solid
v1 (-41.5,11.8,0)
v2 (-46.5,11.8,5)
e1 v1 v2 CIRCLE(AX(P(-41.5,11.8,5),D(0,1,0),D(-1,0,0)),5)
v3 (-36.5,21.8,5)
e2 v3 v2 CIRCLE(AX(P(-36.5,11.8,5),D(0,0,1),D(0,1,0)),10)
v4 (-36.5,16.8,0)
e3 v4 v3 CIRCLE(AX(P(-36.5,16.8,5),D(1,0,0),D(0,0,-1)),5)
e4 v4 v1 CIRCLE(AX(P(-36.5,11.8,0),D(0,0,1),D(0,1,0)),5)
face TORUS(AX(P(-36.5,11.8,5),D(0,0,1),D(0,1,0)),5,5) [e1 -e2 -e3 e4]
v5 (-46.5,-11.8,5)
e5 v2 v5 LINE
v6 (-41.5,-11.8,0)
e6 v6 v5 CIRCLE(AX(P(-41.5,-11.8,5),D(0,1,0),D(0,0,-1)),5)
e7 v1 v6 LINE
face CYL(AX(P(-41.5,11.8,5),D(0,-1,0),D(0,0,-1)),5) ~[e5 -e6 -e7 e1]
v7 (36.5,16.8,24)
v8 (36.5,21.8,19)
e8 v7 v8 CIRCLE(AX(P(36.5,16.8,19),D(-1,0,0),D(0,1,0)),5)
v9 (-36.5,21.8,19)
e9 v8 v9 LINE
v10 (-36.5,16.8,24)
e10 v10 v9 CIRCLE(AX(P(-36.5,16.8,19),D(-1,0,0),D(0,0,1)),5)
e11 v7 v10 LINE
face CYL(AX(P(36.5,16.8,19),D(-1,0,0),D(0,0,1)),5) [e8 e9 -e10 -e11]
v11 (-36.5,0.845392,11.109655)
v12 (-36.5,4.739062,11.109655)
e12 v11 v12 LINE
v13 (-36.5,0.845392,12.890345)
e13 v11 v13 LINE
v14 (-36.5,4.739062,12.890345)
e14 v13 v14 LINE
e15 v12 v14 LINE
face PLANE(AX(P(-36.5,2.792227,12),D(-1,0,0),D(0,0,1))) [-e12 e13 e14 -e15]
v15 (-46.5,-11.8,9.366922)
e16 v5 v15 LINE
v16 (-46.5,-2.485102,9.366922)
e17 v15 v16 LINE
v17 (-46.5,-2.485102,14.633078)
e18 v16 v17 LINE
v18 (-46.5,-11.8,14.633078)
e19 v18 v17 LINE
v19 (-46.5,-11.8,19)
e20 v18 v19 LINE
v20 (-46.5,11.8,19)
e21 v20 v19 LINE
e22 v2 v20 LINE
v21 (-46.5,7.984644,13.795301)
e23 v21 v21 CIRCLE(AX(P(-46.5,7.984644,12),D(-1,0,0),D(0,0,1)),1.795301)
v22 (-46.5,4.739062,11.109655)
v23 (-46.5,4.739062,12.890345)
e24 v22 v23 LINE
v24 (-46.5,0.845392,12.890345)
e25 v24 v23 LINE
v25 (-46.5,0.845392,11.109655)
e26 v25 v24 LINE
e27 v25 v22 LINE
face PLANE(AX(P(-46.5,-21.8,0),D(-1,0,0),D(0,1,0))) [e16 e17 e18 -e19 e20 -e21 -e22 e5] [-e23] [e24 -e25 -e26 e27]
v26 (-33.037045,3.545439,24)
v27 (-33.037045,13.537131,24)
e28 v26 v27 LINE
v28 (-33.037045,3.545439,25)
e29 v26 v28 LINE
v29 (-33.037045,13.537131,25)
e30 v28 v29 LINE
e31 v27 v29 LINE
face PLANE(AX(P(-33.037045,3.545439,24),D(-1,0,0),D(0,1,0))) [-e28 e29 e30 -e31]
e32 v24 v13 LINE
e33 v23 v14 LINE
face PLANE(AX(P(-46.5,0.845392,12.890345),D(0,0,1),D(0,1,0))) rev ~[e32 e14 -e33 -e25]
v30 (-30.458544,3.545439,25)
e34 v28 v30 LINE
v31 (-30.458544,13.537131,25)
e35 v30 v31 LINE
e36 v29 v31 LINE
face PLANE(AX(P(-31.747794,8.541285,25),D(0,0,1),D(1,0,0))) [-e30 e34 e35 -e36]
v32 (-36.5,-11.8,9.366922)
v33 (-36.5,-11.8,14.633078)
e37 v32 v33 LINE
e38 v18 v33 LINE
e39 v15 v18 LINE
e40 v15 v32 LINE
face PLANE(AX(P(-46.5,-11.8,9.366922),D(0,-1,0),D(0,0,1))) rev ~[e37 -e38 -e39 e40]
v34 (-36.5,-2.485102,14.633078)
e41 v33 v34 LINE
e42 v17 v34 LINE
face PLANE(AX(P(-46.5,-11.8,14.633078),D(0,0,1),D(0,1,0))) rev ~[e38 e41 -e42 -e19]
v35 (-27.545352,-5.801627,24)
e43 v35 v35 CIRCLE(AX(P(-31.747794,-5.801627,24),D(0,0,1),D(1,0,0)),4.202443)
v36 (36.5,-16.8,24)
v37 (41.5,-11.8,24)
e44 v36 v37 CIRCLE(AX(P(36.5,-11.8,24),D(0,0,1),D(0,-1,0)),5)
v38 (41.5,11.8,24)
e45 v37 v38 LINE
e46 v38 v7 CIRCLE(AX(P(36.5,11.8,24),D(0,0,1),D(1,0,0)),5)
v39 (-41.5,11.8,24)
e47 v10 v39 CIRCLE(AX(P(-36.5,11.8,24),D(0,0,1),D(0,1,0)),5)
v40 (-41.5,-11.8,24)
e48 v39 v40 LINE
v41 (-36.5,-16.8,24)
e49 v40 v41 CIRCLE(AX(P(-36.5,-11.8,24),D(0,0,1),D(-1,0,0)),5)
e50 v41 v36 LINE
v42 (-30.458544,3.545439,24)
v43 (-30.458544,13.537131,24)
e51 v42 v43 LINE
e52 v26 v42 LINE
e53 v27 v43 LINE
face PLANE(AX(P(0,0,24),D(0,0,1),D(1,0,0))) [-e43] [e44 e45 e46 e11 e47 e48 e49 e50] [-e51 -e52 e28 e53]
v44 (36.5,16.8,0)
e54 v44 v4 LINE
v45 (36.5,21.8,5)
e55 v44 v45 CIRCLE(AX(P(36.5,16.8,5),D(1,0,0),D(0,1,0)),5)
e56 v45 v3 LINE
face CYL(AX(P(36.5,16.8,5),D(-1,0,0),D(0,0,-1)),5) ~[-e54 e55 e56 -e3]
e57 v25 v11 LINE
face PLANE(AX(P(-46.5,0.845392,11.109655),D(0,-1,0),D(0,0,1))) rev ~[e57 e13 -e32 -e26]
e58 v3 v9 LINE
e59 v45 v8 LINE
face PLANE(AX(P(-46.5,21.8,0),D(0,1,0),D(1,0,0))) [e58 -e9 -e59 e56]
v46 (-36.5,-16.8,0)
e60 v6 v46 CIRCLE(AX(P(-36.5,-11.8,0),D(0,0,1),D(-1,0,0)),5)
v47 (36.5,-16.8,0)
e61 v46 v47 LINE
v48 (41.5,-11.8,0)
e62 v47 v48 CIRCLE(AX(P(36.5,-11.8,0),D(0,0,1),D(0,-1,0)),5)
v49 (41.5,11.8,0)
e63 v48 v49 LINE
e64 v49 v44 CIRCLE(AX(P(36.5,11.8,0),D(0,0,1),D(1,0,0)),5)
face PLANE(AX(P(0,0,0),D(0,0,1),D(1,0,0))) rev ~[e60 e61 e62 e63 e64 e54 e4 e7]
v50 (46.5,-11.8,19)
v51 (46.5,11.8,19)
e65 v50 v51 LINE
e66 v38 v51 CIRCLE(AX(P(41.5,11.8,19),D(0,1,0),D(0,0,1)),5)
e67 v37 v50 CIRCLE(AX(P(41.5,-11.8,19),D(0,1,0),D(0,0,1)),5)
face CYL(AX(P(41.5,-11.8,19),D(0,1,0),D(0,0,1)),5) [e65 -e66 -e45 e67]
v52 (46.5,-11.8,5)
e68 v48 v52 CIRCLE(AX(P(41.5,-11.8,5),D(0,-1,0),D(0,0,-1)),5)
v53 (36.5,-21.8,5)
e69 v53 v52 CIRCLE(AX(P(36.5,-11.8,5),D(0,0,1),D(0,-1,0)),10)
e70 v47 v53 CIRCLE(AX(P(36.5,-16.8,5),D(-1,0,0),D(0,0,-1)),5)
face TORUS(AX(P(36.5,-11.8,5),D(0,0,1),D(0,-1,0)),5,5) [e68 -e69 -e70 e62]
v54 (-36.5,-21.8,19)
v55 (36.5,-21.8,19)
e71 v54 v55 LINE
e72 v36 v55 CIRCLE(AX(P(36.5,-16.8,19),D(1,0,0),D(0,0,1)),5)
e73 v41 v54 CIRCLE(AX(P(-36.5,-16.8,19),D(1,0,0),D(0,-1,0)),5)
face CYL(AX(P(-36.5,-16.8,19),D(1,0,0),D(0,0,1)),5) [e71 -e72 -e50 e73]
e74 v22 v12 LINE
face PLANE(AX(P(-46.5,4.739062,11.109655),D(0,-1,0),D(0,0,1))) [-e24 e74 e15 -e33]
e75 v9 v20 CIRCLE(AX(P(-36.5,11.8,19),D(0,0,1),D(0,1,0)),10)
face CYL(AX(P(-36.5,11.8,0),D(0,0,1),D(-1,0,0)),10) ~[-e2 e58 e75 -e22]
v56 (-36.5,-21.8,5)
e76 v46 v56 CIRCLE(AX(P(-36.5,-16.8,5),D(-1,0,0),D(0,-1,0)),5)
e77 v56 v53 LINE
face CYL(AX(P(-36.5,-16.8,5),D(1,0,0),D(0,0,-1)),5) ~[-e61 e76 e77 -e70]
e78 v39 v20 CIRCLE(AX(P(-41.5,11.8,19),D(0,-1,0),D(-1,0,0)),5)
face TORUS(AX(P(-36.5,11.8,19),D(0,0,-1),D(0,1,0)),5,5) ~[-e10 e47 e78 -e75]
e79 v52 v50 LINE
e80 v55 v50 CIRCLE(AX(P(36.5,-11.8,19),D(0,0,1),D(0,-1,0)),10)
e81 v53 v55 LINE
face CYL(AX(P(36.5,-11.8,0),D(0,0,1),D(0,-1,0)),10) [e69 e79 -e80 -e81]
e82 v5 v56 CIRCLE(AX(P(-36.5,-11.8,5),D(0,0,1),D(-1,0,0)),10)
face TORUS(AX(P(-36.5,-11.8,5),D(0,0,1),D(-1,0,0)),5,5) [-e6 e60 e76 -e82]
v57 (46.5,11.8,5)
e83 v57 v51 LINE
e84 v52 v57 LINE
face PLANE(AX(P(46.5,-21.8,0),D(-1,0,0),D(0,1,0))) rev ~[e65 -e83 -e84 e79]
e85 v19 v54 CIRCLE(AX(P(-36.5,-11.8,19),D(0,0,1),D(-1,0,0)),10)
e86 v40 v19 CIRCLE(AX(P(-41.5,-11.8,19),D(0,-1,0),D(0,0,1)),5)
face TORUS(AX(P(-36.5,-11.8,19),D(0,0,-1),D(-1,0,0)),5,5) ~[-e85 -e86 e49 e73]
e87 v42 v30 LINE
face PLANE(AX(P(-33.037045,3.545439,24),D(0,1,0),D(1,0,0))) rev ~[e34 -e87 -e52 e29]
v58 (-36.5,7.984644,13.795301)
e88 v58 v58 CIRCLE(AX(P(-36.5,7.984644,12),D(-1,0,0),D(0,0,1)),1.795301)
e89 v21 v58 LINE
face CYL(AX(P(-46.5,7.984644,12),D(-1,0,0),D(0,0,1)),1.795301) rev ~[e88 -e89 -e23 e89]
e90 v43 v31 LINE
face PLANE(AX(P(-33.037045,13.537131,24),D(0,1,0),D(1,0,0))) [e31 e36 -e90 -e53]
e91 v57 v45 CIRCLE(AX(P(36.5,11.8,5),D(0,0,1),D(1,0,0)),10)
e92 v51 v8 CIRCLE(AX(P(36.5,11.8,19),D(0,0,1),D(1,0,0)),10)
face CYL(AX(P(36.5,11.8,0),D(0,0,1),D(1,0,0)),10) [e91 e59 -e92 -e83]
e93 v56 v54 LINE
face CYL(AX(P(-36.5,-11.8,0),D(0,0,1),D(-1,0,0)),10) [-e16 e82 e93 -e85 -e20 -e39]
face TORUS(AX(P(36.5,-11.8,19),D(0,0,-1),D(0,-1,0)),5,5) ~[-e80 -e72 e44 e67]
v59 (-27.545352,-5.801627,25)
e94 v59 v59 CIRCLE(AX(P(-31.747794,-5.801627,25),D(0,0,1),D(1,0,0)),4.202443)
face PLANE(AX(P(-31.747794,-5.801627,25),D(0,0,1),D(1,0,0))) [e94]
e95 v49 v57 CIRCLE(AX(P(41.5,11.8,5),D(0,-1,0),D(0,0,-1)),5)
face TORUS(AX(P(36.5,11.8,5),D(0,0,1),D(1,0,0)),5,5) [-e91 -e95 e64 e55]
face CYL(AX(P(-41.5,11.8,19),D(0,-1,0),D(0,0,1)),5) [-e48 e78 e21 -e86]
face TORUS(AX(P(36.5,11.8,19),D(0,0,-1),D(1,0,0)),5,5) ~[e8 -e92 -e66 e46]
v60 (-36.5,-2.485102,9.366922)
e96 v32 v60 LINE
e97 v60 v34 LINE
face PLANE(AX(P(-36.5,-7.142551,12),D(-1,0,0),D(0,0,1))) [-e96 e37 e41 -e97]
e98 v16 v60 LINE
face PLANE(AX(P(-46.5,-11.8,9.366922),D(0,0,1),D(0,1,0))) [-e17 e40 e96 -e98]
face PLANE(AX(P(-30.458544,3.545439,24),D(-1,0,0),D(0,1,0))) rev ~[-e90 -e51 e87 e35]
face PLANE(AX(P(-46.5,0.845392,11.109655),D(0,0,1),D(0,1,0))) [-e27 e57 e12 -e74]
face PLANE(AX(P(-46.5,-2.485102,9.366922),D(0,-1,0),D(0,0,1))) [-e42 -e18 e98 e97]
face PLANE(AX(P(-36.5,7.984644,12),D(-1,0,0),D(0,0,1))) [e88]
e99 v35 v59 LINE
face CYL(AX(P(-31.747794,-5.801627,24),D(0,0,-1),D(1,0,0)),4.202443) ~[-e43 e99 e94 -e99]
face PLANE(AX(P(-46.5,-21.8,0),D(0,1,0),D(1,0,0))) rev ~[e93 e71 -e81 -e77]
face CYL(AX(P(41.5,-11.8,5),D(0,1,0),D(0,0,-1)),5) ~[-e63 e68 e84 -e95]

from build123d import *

# Parameters (mm, degrees)
CROQUIS1_W              = 93
CROQUIS1_H              = 43.6
SALIENTE_EXTRUIR1_DEPTH = 24
REDONDEO1_R             = 10
REDONDEO2_R             = 5
CROQUIS2_R              = 1.795301333
CROQUIS2_W              = 5.26615661
CROQUIS2_H              = 9.314898328
CROQUIS2_W_2            = 1.780690374
CROQUIS2_H_2            = 3.893669573
CORTAR_EXTRUIR1_DEPTH   = 10
CROQUIS4_R              = 4.202442578
CROQUIS4_W              = 2.57850106
CROQUIS4_H              = 9.991691608
SALIENTE_EXTRUIR2_DEPTH = 1


with BuildPart() as part:
    # Croquis1 → Saliente-Extruir1 (new body)
    with BuildSketch(Plane.XY):
        Rectangle(CROQUIS1_W, CROQUIS1_H)
    extrude(amount=SALIENTE_EXTRUIR1_DEPTH)

    # Redondeo1
    redondeo1_edges = [part.edges().sort_by_distance(p)[0] for p in [
        (46.5, -21.8, 12),
        (-46.5, -21.8, 12),
        (-46.5, 21.8, 12),
        (46.5, 21.8, 12),
    ]]
    fillet(redondeo1_edges, radius=REDONDEO1_R)

    # Redondeo2
    redondeo2_edges = [part.edges().sort_by_distance(p)[0] for p in [
        (46.5, 0, 0),
        (46.5, 0, 24),
        (0, -21.8, 0),
        (-46.5, 0, 0),
        (0, 21.8, 0),
        (-43.571067812, 18.871067812, 0),
        (-43.571067812, -18.871067812, 0),
        (43.571067812, 18.871067812, 0),
        (43.571067812, -18.871067812, 0),
        (0, -21.8, 24),
        (0, 21.8, 24),
        (-46.5, 0, 24),
        (-43.571067812, 18.871067812, 24),
        (-43.571067812, -18.871067812, 24),
        (43.571067812, 18.871067812, 24),
        (43.571067812, -18.871067812, 24),
    ]]
    fillet(redondeo2_edges, radius=REDONDEO2_R)

    # Croquis2 → Cortar-Extruir1 (cut)
    with BuildSketch(Plane.ZY.offset(46.5)):
        with Locations((12, 7.984643734)):
            Circle(CROQUIS2_R)
        with Locations((12, -7.142550836)):
            Rectangle(CROQUIS2_W, CROQUIS2_H)
        with Locations((12, 2.792227185)):
            Rectangle(CROQUIS2_W_2, CROQUIS2_H_2)
    extrude(amount=-CORTAR_EXTRUIR1_DEPTH, mode=Mode.SUBTRACT)

    # Croquis4 → Saliente-Extruir2 (add)
    with BuildSketch(Plane.XY.offset(24)):
        with Locations((-31.747794301, -5.801627385)):
            Circle(CROQUIS4_R)
        with Locations((-31.747794301, 8.541284761)):
            Rectangle(CROQUIS4_W, CROQUIS4_H)
    extrude(amount=SALIENTE_EXTRUIR2_DEPTH)


solid = part.part
